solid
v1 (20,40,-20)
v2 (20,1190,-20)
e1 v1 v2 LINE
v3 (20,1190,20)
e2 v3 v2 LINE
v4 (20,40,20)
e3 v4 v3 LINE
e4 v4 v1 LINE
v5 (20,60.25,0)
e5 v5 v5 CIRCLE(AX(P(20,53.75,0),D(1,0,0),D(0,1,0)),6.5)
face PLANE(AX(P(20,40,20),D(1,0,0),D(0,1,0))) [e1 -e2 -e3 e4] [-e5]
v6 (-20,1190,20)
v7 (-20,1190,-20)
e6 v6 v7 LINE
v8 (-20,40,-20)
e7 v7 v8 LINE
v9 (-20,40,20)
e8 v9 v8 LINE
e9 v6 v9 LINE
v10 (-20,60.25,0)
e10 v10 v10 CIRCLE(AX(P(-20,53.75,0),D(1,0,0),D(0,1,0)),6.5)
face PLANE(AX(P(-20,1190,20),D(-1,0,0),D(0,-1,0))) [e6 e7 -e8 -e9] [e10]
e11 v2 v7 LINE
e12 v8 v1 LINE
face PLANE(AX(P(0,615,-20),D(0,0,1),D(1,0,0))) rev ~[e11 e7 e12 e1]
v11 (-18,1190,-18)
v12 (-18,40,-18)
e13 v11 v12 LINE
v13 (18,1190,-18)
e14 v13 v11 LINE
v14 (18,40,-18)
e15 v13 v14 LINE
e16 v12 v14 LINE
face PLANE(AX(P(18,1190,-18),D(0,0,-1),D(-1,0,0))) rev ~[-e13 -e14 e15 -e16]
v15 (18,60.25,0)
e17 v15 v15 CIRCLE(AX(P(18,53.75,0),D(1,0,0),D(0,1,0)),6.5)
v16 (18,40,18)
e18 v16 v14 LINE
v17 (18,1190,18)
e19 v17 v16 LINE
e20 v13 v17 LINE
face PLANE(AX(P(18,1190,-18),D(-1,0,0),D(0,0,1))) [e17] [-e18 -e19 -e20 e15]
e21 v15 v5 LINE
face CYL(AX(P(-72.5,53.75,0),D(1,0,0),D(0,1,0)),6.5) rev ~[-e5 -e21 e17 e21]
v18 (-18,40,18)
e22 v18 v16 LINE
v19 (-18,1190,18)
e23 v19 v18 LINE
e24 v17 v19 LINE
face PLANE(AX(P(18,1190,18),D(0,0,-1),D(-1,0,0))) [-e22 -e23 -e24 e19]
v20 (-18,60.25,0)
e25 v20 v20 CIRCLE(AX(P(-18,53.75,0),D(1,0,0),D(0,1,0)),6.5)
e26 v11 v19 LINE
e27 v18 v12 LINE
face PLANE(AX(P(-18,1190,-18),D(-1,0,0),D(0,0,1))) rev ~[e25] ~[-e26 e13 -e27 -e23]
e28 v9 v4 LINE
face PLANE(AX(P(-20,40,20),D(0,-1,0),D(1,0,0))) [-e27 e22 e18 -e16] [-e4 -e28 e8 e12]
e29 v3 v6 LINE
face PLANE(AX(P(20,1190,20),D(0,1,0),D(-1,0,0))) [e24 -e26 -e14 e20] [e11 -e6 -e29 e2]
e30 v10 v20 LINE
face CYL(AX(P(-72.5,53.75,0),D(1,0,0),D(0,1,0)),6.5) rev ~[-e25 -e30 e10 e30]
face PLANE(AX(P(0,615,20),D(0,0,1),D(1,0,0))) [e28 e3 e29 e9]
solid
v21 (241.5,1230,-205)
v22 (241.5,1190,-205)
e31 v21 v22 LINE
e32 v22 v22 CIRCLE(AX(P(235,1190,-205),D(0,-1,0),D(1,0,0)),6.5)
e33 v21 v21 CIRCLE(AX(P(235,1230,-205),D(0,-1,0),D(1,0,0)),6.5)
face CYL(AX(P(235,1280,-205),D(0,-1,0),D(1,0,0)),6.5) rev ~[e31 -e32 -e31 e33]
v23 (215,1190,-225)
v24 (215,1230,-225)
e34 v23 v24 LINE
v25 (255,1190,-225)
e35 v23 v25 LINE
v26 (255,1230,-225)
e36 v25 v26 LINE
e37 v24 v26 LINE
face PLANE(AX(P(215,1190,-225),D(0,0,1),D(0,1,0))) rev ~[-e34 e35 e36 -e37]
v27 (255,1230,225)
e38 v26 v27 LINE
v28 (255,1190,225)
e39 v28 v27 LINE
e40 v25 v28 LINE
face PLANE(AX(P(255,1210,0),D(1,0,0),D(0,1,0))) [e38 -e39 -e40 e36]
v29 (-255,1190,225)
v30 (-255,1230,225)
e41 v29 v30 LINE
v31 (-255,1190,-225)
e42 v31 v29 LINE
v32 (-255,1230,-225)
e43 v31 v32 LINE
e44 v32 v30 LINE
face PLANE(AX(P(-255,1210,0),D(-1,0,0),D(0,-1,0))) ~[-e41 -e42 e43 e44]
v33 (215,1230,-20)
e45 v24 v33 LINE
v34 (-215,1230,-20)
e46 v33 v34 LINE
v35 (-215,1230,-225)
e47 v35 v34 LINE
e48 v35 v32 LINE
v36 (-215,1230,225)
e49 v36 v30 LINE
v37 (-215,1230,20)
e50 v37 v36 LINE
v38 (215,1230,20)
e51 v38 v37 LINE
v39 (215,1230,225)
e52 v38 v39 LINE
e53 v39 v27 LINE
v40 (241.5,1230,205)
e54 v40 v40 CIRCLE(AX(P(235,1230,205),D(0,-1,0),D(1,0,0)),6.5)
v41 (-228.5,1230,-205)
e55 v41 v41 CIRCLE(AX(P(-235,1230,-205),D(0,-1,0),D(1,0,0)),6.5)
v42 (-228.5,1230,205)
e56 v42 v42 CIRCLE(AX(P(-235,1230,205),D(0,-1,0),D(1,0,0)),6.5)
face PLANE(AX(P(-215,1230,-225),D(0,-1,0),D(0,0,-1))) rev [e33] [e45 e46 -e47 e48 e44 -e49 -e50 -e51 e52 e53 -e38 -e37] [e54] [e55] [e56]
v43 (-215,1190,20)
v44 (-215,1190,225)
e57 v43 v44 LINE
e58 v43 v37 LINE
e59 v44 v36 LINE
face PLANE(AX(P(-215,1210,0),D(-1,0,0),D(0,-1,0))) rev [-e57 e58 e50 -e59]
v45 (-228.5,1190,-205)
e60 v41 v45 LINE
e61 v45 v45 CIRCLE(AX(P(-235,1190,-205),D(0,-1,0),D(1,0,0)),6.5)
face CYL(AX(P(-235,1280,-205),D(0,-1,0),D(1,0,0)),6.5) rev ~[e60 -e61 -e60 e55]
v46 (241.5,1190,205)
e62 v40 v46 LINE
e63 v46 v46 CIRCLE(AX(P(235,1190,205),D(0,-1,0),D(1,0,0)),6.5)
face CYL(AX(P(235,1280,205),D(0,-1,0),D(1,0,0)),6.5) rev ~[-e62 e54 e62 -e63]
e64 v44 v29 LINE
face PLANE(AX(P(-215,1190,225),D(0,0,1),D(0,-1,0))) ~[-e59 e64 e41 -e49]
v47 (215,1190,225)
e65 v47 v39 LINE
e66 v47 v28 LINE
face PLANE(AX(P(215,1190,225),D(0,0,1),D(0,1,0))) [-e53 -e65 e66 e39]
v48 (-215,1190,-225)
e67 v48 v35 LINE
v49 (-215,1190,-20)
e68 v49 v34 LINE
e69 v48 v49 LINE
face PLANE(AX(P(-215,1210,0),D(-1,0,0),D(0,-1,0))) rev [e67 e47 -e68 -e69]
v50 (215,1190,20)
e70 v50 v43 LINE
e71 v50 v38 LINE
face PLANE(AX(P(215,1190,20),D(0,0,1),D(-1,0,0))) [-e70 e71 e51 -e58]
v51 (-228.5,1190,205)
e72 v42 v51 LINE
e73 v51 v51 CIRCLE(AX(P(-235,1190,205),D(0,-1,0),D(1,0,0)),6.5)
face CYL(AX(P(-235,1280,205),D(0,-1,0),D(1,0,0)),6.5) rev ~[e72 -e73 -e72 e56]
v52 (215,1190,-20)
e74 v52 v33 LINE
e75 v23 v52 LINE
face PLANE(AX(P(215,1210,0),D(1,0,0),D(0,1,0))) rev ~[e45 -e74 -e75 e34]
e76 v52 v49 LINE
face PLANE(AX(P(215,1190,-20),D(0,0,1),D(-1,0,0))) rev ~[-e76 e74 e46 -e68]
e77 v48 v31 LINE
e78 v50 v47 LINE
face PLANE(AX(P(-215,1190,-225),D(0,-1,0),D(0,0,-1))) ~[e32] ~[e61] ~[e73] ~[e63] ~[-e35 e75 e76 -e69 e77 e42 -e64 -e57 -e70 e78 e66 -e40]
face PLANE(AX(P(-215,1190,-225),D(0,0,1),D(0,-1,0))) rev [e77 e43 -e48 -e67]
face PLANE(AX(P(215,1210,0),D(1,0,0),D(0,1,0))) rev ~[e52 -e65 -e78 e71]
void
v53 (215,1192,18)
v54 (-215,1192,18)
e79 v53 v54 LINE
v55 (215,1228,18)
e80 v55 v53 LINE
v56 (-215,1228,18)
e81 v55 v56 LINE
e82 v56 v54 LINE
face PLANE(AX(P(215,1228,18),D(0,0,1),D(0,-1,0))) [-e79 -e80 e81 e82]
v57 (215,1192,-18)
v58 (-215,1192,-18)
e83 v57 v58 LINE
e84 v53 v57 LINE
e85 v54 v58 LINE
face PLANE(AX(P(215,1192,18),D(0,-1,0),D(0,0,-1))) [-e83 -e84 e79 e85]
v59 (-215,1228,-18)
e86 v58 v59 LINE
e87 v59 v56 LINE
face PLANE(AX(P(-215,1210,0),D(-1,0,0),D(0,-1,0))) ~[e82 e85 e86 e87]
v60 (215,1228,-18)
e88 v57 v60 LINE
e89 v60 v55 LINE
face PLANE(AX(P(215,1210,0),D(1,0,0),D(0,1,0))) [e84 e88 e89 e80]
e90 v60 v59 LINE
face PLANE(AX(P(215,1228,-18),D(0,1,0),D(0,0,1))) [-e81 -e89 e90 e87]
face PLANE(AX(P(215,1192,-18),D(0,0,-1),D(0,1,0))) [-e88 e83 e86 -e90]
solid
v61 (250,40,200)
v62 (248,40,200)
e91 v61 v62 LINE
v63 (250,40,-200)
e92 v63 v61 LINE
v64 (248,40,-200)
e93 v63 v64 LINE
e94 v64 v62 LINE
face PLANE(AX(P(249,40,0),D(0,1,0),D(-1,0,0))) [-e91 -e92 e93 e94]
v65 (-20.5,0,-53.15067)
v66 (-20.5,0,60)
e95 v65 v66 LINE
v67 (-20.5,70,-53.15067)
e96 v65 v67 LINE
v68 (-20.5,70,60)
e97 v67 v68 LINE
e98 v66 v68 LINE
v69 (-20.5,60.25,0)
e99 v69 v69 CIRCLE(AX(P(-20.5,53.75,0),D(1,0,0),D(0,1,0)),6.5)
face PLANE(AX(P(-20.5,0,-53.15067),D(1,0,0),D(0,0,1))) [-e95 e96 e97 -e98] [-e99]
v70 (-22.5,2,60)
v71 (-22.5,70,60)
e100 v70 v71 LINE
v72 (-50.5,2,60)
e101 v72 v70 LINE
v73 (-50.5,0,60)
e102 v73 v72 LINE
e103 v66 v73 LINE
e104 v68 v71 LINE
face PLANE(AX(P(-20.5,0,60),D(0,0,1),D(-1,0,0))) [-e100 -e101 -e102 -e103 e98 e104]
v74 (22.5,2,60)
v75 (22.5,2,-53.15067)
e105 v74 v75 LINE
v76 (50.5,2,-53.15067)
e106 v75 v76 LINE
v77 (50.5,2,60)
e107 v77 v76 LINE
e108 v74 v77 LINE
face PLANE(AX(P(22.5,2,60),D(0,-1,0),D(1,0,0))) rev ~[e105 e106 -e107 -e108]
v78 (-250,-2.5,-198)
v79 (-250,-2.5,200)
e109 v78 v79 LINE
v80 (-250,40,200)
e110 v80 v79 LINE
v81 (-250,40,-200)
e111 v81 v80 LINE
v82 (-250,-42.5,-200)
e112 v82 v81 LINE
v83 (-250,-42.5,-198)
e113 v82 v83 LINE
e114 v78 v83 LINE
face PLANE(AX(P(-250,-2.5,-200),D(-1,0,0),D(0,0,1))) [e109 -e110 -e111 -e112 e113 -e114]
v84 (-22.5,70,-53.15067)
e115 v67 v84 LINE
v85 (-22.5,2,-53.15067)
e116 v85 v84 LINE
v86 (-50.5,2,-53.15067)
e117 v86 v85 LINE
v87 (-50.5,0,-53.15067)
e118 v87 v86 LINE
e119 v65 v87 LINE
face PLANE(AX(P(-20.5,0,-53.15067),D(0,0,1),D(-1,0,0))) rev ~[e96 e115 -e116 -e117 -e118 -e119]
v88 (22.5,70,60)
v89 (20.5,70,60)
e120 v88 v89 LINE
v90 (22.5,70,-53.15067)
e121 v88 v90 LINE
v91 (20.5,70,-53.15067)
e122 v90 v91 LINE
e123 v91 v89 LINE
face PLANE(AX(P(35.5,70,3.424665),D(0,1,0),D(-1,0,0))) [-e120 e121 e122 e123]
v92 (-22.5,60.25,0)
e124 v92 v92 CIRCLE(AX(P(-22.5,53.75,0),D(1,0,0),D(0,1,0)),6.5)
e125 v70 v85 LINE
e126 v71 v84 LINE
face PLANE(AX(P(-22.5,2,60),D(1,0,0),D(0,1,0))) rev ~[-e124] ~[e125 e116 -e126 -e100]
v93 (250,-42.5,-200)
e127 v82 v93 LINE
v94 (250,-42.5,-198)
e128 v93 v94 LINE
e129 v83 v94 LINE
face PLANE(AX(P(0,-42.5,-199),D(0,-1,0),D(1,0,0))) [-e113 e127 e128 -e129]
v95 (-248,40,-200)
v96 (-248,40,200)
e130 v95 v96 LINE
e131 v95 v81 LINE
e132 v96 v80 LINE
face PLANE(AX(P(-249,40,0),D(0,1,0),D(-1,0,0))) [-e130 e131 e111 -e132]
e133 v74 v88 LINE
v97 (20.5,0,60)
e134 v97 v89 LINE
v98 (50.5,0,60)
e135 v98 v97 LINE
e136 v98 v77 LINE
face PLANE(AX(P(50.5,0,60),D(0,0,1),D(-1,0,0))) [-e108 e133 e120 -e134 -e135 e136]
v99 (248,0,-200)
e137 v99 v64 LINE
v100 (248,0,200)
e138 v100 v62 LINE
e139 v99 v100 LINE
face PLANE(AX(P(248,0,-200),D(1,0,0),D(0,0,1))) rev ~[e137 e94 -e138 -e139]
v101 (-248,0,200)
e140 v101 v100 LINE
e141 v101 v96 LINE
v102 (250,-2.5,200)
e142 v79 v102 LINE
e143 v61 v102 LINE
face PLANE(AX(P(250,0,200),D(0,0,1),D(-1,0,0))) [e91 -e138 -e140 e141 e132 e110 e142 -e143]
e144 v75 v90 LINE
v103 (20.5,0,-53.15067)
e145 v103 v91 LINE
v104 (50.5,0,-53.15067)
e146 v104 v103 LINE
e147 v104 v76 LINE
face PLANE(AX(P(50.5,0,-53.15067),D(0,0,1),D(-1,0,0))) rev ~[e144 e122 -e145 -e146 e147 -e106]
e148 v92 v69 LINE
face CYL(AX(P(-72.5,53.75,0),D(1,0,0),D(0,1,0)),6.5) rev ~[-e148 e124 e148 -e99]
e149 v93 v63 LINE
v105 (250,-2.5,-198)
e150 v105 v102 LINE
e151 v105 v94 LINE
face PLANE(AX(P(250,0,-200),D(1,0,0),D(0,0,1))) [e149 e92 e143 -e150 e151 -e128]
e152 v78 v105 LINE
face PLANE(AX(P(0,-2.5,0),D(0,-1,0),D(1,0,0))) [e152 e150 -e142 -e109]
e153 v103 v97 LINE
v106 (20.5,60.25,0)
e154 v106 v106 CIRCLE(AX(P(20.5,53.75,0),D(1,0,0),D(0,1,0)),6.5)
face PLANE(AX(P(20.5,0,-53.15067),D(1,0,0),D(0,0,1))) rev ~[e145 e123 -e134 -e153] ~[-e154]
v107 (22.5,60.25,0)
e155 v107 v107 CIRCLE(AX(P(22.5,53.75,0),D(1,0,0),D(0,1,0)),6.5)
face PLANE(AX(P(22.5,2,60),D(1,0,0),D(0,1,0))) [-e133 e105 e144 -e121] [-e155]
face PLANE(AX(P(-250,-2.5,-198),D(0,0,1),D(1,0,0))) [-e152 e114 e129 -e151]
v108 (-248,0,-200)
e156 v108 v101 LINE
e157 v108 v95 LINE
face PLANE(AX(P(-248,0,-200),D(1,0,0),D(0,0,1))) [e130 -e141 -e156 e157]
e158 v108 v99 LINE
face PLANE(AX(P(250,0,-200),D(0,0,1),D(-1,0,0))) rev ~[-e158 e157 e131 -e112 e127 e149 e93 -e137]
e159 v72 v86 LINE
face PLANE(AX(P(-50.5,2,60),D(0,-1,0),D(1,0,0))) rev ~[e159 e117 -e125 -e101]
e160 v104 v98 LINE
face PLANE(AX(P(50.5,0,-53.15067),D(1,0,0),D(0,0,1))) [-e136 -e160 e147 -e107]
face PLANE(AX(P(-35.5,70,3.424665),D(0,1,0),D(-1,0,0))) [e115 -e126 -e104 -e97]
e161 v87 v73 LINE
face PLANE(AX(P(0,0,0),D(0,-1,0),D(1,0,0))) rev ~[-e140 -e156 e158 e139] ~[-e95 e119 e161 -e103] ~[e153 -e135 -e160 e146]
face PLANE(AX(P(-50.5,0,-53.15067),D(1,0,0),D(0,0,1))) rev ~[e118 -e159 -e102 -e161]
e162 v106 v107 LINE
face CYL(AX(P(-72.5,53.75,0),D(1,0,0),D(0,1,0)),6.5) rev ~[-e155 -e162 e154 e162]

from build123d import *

# Parameters (mm, degrees)
F0_W        = 500
F0_H        = 400
F1_DEPTH    = 2.5
F2_W        = 500
F2_H        = 2
F3_DEPTH    = 40
F4_W        = 2
F4_H        = 400
F5_DEPTH    = 40
F6_W        = 30
F6_H        = 113.1506699189
F7_DEPTH    = 70
F8_W        = 28
F8_H        = 68
F9_DEPTH    = 260.001
F12_DEPTH   = 40
F13_W       = 36
F13_H       = 36
F14_DEPTH   = 1151
F16_D       = 13
F16_DEPTH   = 50
F16_TIP     = 3.9055940237
F16_2_D     = 13
F16_2_DEPTH = 50
F16_2_TIP   = 3.9055940237
F18_W       = 430
F18_H       = 40
F19_DEPTH   = 40
F21_DEPTH   = 465.001
F23_W       = 40
F23_H       = 450
F24_DEPTH   = 40
F27_D       = 13
F27_DEPTH   = 50
F27_TIP     = 3.9055940237


with BuildPart() as f1:
    # F0 (on Front) → F1 (new body)
    with BuildSketch(Plane.XZ):
        Rectangle(F0_W, F0_H)
    extrude(amount=F1_DEPTH)

    # F2 (on face) → F3 (join)
    with BuildSketch(Plane.XZ.offset(2.5)):
        with Locations((0, -199)):
            Rectangle(F2_W, F2_H)
    extrude(amount=F3_DEPTH)

    # F4 (on face) → F5 (join)
    with BuildSketch(Plane(origin=(0, 0, 0), x_dir=(-1, 0, 0), z_dir=(0, 1, 0))):
        with Locations((-249, 0)):
            Rectangle(F4_W, F4_H)
        with Locations((249, 0)):
            Rectangle(F4_W, F4_H)
    extrude(amount=F5_DEPTH)

    # F6 (on face) → F7 (join)
    with BuildSketch(Plane(origin=(0, 0, 0), x_dir=(-1, 0, 0), z_dir=(0, 1, 0))):
        with Locations((-35.5, 3.4246650405)):
            Rectangle(F6_W, F6_H)
        with Locations((35.5, 3.4246650405)):
            Rectangle(F6_W, F6_H)
    extrude(amount=F7_DEPTH)

    # F8 (on face) → F9 (cut, through all)
    with BuildSketch(Plane.XY.offset(60)):
        with Locations((36.5, 36)):
            Rectangle(F8_W, F8_H)
        with Locations((-36.5, 36)):
            Rectangle(F8_W, F8_H)
    extrude(amount=-F9_DEPTH, mode=Mode.SUBTRACT)

    # F16
    with Locations(Plane(origin=(-22.5, 0, 0), x_dir=(0, -1, 0), z_dir=(-1, 0, 0))):
        with Locations((-53.75, 0)):
            Hole(F16_D / 2, depth=F16_DEPTH)
            with Locations((0, 0, -(F16_DEPTH + F16_TIP / 2))):  # 118° drill point
                Cone(0, F16_D / 2, F16_TIP, mode=Mode.SUBTRACT)


with BuildPart() as f12:
    # F11 (on offset) → F12 (new body)
    with BuildSketch(Plane.XY.offset(20)):
        Polygon((-20, 40), (0, 40), (20, 40), (20, 1190), (0, 1190), (-20, 1190), align=None)
    extrude(amount=-F12_DEPTH)

    # F13 (on face) → F14 (cut)
    with BuildSketch(Plane(origin=(0, 1190, 0), x_dir=(-1, 0, 0), z_dir=(0, 1, 0))):
        Rectangle(F13_W, F13_H)
    extrude(amount=-F14_DEPTH, mode=Mode.SUBTRACT)

    # F16#2
    with Locations(Plane(origin=(-22.5, 0, 0), x_dir=(0, -1, 0), z_dir=(-1, 0, 0))):
        with Locations((-53.75, 0)):
            Hole(F16_2_D / 2, depth=F16_2_DEPTH)
            with Locations((0, 0, -(F16_2_DEPTH + F16_2_TIP / 2))):  # 118° drill point
                Cone(0, F16_2_D / 2, F16_2_TIP, mode=Mode.SUBTRACT)


with BuildPart() as f19:
    # F18 (on offset) → F19 (new body)
    with BuildSketch(Plane(origin=(0, 1190, 0), x_dir=(-1, 0, 0), z_dir=(0, 1, 0))):
        Rectangle(F18_W, F18_H)
    extrude(amount=F19_DEPTH)

    # F20 (on face) → F21 (cut, through all)
    with BuildSketch(Plane.YZ.offset(215)):
        Polygon((1228, 18), (1192, 18), (1210, 0), align=None)
        Polygon((1210, 0), (1192, 18), (1192, -18), align=None)
        Polygon((1228, -18), (1210, 0), (1192, -18), align=None)
        Polygon((1228, 18), (1210, 0), (1228, -18), align=None)
    extrude(amount=-F21_DEPTH, mode=Mode.SUBTRACT)

    # F23 (on offset) → F24 (join)
    with BuildSketch(Plane.YZ.offset(215)):
        with Locations((1210, 0)):
            Rectangle(F23_W, F23_H)
    extrude(amount=F24_DEPTH)

    # F25: F19 across plane


with BuildPart() as f19_1:
    add(f19.part)
    add(f19.part.mirror(Plane.YZ))

    # F27
    with Locations(Plane(origin=(0, 1230, 0), x_dir=(-1, 0, 0), z_dir=(0, 1, 0))):
        with Locations((-235, 205), (235, 205), (235, -205), (-235, -205)):
            Hole(F27_D / 2, depth=F27_DEPTH)
            with Locations((0, 0, -(F27_DEPTH + F27_TIP / 2))):  # 118° drill point
                Cone(0, F27_D / 2, F27_TIP, mode=Mode.SUBTRACT)


solid = Compound([f1.part, f12.part, f19_1.part])
